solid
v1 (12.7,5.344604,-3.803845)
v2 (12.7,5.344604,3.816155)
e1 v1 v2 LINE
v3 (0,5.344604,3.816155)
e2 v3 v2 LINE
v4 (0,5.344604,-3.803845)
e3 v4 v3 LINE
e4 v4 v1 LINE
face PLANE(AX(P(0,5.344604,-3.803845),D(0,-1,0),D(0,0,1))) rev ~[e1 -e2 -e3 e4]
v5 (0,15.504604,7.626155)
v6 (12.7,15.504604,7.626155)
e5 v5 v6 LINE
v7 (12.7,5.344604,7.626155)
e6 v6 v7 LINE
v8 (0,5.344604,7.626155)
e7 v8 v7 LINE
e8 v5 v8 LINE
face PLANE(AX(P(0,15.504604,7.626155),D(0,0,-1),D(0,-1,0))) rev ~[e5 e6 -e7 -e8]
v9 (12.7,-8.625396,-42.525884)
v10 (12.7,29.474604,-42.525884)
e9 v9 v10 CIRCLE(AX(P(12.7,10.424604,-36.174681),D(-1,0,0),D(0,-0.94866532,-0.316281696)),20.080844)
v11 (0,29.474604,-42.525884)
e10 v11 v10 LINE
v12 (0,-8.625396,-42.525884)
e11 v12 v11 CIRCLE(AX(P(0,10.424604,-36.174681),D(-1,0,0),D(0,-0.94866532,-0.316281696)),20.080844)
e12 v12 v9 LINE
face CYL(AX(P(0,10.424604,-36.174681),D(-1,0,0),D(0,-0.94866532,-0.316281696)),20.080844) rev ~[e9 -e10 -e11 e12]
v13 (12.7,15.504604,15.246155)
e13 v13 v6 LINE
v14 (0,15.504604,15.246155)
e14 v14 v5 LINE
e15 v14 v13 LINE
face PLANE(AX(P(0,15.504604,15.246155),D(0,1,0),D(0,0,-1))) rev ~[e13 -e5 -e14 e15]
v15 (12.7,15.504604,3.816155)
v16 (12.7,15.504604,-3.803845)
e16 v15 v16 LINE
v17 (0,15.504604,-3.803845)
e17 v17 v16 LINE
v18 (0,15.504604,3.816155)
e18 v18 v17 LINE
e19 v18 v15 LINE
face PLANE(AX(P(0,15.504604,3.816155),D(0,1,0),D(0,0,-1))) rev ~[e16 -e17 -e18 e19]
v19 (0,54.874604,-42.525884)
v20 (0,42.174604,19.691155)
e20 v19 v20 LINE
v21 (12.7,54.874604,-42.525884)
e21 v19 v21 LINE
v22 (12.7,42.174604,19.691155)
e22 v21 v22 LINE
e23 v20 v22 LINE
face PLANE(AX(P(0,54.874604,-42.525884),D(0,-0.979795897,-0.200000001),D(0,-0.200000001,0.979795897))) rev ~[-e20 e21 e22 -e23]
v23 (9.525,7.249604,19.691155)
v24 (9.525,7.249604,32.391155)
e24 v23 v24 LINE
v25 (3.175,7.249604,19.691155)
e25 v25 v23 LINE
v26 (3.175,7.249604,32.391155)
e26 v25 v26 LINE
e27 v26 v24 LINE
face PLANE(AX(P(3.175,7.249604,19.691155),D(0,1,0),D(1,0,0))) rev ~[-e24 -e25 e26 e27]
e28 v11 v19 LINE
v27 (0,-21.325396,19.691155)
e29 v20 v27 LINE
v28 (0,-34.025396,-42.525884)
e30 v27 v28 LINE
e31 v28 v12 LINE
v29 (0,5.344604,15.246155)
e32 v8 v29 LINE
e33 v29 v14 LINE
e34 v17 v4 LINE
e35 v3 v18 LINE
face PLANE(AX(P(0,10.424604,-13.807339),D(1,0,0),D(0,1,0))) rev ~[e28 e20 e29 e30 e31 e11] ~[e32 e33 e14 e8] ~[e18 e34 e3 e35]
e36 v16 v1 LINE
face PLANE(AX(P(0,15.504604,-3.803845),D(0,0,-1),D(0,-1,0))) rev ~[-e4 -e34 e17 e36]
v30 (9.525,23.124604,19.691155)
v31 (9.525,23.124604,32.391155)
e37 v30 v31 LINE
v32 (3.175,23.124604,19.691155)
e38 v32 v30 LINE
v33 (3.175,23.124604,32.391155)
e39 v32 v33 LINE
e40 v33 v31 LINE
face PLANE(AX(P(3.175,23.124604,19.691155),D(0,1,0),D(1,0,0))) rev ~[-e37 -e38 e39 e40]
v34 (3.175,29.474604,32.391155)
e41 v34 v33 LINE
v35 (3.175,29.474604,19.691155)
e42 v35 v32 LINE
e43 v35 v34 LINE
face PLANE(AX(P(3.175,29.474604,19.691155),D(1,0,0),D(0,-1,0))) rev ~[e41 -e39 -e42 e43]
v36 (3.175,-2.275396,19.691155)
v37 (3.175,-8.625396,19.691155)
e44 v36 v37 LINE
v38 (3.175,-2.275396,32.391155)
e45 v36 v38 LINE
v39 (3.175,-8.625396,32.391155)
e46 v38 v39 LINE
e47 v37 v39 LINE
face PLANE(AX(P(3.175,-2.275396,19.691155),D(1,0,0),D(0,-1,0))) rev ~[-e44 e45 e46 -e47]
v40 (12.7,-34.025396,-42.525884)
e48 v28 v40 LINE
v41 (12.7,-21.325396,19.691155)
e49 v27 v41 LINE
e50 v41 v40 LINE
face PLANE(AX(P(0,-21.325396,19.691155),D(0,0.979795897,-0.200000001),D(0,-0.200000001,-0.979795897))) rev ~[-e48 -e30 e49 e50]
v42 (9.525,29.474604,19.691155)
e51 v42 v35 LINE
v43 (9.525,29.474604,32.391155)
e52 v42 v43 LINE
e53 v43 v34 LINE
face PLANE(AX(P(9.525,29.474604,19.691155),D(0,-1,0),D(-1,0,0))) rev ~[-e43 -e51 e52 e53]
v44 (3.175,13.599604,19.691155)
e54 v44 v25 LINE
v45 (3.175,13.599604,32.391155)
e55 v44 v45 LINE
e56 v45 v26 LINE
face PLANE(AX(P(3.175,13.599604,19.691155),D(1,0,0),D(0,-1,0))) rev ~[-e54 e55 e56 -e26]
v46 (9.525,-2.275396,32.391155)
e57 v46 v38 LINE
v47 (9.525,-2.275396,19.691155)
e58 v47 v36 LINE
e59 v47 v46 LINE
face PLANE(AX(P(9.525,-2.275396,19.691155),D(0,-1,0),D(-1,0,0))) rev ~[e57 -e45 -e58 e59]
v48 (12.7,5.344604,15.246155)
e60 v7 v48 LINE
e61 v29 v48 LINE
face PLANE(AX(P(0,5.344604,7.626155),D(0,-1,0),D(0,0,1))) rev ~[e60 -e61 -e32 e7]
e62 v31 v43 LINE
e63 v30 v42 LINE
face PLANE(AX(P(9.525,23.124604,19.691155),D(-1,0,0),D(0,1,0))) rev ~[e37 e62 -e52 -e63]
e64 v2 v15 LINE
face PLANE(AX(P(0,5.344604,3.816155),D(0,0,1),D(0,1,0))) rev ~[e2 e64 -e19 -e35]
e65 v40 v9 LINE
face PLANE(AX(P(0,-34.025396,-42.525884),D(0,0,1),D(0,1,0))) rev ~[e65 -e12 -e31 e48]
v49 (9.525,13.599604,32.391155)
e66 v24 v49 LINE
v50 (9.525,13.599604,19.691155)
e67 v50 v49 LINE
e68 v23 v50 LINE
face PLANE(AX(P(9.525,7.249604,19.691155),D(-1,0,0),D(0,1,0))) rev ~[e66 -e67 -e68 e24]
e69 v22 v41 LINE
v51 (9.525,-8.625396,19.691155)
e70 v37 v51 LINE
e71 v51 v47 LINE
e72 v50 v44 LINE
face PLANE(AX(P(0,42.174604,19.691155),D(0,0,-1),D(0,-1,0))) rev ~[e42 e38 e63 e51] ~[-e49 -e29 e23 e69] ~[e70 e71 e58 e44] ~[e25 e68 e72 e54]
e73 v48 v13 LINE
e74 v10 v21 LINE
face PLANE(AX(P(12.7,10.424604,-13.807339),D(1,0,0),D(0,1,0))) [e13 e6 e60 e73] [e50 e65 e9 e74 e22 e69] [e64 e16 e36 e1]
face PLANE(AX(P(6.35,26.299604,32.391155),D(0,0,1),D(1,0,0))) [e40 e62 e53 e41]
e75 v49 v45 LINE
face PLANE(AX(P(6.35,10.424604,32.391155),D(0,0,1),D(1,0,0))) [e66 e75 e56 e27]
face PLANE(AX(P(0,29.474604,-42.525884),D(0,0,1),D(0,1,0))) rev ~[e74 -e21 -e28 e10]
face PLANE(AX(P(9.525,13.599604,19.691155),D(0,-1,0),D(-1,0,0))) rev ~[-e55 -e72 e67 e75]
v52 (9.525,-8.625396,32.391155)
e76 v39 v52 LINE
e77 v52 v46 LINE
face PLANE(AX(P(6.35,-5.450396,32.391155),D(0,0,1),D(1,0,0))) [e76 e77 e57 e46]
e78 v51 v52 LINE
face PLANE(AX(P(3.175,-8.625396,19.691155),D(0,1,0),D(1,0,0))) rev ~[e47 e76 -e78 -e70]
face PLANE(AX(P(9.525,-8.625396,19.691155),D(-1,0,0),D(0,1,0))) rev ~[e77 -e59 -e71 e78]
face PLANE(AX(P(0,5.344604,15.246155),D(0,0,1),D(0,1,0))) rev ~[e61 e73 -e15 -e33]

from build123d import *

# Parameters (mm, degrees)
F1_DEPTH = 12.7
F3_DEPTH = 12.7


with BuildPart() as f1:
    # F0 (on Right) → F1 (new body)
    with BuildSketch(Plane.YZ):
        with BuildLine():
            Line((-21.325396, 19.691155), (-34.025396, -42.525884))
            Line((-34.025396, -42.525884), (-8.625396, -42.525884))
            ThreePointArc((-8.625396, -42.525884), (10.424604, -16.093837), (29.474604, -42.525884))
            Line((29.474604, -42.525884), (54.874604, -42.525884))
            Line((54.874604, -42.525884), (42.174604, 19.691155))
            Line((42.174604, 19.691155), (-21.325396, 19.691155))
        make_face()
        Polygon((15.504604, -3.803845), (10.424604, -3.803845), (5.344604, -3.803845), (5.344604, 3.816155), (10.424604, 3.816155), (15.504604, 3.816155), align=None, mode=Mode.SUBTRACT)
        Polygon((15.504604, 7.626155), (10.424604, 7.626155), (5.344604, 7.626155), (5.344604, 15.246155), (10.424604, 15.246155), (15.504604, 15.246155), align=None, mode=Mode.SUBTRACT)
    extrude(amount=F1_DEPTH)

    # F2 (on face) → F3 (join)
    with BuildSketch(Plane.XY.offset(19.691155)):
        Polygon((9.525, 7.249604), (9.525, 10.424604), (9.525, 13.599604), (3.175, 13.599604), (3.175, 10.424604), (3.175, 7.249604), align=None)
        Polygon((3.175, -2.275396), (3.175, -5.450396), (3.175, -8.625396), (9.525, -8.625396), (9.525, -5.450396), (9.525, -2.275396), align=None)
        Polygon((3.175, 29.474604), (3.175, 26.299604), (3.175, 23.124604), (9.525, 23.124604), (9.525, 26.299604), (9.525, 29.474604), align=None)
    extrude(amount=F3_DEPTH)


solid = f1.part
